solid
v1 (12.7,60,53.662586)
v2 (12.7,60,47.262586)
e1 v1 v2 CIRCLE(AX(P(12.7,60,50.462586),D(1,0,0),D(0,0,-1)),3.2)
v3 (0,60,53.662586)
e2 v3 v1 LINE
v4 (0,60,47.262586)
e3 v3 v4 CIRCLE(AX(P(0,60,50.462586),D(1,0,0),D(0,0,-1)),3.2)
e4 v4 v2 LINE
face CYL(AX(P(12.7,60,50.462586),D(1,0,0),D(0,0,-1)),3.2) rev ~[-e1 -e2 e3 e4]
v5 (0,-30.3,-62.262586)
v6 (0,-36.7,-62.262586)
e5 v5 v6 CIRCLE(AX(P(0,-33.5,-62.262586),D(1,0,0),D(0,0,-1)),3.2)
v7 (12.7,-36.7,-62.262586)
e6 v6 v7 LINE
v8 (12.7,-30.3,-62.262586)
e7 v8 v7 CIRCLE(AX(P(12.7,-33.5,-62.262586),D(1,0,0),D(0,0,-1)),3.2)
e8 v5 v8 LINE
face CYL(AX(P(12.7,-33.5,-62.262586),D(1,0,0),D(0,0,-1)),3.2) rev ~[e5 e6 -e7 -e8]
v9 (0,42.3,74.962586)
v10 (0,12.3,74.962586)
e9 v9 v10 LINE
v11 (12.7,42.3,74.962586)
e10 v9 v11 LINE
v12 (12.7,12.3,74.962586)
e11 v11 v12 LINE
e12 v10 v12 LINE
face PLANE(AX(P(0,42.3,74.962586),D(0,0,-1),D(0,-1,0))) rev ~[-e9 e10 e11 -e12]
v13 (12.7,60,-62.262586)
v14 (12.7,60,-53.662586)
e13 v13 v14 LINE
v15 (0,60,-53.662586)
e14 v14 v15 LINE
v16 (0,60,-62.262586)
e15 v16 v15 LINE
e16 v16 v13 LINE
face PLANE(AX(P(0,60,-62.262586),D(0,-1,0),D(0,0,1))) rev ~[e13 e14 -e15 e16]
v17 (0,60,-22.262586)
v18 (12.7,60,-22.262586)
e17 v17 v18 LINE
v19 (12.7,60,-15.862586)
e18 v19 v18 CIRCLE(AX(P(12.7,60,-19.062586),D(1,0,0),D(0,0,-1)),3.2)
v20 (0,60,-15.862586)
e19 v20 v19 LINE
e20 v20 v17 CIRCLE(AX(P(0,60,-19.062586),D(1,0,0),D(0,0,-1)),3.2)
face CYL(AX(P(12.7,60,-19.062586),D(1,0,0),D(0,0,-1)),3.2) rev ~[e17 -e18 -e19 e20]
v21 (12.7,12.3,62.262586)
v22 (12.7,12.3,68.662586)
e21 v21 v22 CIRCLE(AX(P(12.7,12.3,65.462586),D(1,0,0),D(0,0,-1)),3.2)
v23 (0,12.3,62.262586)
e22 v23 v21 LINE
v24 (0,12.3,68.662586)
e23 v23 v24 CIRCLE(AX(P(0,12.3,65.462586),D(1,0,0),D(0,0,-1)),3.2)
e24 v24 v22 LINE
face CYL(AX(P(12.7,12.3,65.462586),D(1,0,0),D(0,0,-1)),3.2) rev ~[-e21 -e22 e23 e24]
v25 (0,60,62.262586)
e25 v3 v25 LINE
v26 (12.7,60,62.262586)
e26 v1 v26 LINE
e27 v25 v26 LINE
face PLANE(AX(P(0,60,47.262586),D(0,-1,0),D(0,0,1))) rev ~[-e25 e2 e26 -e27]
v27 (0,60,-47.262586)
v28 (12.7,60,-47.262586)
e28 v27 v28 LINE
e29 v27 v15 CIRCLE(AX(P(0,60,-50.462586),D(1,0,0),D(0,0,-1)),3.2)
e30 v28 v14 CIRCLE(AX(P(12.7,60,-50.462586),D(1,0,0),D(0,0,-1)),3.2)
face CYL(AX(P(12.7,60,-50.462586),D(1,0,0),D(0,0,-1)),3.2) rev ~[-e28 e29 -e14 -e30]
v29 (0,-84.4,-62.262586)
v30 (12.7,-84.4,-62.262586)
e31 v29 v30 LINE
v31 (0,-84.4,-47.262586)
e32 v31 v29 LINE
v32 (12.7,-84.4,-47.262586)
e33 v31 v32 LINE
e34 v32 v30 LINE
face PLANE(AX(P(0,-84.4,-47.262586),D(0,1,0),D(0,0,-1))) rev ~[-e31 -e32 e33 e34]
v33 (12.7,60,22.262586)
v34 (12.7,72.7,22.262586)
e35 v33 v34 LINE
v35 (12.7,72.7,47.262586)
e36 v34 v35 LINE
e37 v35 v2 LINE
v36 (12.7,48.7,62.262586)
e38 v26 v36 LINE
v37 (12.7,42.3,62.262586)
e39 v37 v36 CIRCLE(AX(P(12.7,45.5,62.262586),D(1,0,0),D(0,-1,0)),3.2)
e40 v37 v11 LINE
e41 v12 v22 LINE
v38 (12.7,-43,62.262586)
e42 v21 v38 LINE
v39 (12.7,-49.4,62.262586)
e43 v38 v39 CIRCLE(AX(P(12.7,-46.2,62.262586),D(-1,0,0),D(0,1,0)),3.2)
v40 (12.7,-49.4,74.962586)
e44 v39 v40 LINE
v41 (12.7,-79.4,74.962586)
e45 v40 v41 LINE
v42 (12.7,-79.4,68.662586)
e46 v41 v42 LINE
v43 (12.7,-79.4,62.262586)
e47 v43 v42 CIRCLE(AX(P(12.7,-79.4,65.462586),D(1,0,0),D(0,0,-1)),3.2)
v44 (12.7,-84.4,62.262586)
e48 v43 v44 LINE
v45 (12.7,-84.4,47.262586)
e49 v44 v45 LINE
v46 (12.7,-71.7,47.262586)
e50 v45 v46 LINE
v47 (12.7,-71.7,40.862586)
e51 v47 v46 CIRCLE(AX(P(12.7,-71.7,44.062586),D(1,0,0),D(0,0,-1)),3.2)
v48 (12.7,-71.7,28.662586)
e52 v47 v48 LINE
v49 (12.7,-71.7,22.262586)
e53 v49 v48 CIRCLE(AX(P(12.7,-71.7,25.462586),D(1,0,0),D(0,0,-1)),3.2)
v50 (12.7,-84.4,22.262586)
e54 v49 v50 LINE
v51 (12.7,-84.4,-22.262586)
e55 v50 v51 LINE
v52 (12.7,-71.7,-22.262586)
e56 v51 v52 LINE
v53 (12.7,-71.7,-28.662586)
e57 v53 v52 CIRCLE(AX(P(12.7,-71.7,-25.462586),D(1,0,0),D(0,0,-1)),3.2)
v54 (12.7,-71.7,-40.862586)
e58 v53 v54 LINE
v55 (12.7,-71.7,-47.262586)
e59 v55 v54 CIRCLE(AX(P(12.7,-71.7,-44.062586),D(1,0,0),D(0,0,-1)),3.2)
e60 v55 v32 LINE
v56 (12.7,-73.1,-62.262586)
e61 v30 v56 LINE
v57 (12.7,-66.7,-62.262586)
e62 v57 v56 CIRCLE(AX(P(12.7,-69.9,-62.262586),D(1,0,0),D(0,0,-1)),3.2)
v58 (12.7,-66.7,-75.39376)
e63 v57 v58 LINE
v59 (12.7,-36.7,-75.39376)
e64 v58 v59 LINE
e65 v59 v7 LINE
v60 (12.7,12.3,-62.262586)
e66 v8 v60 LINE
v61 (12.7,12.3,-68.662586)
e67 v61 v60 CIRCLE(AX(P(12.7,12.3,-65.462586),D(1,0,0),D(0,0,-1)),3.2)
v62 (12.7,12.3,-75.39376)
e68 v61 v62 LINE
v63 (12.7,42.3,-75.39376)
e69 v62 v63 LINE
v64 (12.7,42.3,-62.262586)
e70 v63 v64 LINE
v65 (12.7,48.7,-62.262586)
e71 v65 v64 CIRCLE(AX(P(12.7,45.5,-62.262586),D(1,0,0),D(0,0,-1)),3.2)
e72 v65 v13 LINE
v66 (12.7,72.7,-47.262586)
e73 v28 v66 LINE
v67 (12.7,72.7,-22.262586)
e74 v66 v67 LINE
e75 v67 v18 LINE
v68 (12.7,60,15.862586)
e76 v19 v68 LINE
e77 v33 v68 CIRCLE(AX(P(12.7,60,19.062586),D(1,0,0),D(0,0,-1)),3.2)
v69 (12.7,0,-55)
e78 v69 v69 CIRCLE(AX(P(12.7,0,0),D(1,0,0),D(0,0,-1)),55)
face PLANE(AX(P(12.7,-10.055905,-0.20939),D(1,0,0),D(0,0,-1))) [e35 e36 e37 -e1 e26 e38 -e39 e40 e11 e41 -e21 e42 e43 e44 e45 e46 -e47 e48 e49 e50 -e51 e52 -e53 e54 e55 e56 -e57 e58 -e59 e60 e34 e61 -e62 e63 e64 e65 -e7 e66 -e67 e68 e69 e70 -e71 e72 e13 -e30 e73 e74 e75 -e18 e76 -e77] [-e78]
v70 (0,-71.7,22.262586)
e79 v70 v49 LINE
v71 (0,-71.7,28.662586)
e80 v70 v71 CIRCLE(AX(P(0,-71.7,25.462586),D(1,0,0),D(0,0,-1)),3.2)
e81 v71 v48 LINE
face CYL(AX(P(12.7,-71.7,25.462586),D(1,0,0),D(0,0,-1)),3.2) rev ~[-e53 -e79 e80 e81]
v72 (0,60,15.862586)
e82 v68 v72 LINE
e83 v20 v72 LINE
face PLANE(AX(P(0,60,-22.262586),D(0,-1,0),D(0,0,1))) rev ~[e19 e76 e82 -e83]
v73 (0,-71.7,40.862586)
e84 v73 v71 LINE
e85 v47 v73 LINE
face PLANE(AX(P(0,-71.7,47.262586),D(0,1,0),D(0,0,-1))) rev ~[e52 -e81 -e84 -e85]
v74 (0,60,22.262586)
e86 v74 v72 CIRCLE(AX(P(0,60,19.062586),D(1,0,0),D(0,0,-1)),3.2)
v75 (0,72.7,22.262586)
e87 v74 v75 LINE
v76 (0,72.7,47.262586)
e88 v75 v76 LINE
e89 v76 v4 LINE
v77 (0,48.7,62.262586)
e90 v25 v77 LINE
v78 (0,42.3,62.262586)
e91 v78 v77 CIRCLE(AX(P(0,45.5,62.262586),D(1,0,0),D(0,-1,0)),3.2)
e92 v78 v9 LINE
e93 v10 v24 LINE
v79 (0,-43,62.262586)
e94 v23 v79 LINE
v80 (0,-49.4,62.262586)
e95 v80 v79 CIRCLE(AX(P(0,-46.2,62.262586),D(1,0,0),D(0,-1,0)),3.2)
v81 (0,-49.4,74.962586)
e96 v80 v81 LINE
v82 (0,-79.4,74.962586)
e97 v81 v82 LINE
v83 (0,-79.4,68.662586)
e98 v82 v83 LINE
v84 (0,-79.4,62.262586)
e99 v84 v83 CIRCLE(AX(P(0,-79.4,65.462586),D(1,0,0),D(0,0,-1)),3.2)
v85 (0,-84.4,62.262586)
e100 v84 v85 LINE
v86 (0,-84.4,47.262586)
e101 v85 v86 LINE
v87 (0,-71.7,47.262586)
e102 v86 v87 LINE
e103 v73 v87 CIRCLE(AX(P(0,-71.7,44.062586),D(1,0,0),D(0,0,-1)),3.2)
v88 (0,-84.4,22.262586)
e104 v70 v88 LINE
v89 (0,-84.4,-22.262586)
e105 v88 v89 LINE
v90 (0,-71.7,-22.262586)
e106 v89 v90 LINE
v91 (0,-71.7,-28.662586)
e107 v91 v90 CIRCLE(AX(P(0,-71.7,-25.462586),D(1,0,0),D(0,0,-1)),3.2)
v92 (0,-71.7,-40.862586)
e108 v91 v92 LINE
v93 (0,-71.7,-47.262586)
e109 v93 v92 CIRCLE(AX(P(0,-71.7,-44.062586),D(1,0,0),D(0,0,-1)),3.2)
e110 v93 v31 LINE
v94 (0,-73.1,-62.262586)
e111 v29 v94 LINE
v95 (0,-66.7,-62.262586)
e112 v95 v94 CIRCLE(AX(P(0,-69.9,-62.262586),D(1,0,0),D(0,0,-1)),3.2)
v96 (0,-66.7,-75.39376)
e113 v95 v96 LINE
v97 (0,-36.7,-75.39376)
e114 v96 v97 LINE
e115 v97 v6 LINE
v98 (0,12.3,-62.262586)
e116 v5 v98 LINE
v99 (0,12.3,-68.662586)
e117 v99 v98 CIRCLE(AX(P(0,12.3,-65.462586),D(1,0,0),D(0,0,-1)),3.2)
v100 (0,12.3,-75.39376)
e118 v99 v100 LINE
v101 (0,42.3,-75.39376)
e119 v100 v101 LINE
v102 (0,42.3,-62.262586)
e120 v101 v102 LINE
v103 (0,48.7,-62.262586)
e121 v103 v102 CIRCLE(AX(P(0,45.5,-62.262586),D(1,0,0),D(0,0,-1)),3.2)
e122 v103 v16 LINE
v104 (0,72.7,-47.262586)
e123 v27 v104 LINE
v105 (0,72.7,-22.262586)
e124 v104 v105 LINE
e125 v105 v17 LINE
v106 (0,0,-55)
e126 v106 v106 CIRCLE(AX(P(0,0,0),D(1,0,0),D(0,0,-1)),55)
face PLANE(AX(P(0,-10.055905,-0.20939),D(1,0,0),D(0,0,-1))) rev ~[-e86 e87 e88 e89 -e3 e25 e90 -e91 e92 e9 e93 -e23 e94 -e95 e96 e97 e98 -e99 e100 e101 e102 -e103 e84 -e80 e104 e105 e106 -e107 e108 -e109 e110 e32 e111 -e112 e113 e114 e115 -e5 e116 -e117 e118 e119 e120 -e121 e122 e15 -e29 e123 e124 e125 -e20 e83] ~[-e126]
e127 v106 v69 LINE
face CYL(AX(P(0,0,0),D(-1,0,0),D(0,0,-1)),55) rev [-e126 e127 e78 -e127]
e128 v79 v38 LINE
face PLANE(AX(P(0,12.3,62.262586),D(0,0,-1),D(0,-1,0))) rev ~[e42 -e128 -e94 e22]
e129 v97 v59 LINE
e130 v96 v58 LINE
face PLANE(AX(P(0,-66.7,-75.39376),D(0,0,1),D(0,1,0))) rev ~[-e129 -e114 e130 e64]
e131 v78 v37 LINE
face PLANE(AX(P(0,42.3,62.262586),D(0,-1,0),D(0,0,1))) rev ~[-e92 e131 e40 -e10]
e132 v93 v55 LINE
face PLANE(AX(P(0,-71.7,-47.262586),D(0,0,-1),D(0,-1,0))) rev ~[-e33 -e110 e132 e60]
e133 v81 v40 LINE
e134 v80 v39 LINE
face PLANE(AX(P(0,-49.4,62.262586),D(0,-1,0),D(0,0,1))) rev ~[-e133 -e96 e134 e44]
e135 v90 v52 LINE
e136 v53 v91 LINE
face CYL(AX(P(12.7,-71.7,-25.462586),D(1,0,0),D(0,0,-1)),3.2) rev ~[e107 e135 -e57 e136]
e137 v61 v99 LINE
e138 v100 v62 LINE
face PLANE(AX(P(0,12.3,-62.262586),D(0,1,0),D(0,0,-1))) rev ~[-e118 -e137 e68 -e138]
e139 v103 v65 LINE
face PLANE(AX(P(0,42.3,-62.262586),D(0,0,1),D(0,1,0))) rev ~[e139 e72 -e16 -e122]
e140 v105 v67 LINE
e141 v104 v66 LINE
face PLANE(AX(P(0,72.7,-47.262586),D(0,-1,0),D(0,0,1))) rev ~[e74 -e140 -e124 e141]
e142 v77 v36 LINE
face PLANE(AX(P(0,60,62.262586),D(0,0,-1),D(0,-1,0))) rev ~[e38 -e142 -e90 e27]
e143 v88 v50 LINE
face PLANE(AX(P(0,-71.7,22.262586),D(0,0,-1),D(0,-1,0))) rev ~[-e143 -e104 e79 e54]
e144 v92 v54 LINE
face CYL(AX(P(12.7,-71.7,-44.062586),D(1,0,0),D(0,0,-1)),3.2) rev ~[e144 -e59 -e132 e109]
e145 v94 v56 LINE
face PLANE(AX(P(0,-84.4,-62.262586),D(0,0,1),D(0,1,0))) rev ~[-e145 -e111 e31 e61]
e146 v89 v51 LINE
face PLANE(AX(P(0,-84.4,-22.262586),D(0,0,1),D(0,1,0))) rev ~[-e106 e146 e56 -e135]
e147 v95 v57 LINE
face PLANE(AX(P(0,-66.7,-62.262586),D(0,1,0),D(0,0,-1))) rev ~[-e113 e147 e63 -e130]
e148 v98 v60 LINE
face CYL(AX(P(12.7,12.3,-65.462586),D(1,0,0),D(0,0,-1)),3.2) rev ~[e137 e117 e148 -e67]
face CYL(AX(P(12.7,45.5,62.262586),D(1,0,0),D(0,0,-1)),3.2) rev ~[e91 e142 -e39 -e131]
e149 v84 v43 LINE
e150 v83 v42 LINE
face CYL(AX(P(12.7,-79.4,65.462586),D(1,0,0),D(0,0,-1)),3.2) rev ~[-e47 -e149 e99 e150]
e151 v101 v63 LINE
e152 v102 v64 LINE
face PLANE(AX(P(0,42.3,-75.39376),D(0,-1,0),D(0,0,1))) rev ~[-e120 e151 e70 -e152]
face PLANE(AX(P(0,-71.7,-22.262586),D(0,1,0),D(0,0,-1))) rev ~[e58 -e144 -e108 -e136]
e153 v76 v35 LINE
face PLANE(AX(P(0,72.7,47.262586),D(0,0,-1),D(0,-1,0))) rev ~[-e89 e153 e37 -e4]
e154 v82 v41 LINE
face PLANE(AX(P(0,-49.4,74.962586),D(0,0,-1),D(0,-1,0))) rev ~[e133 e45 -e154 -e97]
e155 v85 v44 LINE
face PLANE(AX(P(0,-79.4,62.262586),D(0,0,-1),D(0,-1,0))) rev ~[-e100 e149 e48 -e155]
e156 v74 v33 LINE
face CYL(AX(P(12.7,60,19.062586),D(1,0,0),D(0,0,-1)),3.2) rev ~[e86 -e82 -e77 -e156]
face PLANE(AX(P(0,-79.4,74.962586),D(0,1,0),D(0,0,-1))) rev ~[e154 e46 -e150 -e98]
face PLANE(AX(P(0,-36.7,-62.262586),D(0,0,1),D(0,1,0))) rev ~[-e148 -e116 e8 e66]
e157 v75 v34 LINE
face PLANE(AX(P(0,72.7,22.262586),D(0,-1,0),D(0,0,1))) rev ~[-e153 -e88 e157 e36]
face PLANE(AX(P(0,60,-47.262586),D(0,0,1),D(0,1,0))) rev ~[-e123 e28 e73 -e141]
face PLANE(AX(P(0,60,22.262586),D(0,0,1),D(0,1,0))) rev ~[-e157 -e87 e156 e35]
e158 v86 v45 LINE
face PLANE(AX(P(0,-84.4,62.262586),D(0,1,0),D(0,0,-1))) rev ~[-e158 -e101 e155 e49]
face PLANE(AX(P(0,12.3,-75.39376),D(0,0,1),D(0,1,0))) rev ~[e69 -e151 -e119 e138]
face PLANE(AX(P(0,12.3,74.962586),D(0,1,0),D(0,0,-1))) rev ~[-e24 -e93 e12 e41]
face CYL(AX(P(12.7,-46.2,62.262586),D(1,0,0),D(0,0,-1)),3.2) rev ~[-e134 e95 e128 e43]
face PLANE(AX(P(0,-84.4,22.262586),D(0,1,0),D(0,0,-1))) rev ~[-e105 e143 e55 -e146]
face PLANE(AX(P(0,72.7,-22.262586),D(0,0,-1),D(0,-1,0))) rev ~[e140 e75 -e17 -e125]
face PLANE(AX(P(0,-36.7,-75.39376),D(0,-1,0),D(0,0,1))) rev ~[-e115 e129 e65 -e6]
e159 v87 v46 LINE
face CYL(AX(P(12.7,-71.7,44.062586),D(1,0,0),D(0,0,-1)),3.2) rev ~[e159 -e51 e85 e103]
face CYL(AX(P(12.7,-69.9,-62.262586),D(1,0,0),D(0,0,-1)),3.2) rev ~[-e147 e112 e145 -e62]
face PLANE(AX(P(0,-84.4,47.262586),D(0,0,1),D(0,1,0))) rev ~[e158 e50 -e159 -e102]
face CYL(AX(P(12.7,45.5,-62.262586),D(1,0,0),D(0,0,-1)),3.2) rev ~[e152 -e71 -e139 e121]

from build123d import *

# Parameters (mm, degrees)
SKETCH1_R           = 55
BOSS_EXTRUDE1_DEPTH = 12.7
SKETCH2_R           = 3.2
CUT_EXTRUDE1_DEPTH  = 114.880942125


with BuildPart() as part:
    # Sketch1 → Boss-Extrude1 (new body)
    with BuildSketch(Plane(origin=(0, 0, 0), x_dir=(0, 0, -1), z_dir=(1, 0, 0))):
        Polygon((-62.262586226, 60), (-62.262586226, 42.3), (-74.962586226, 42.3), (-74.962586226, 12.3), (-62.262586226, 12.3), (-62.262586226, -49.4), (-74.962586226, -49.4), (-74.962586226, -79.4), (-62.262586226, -79.4), (-62.262586226, -84.4), (-47.262586226, -84.4), (-47.262586226, -71.7), (-22.262586226, -71.7), (-22.262586226, -84.4), (22.262586226, -84.4), (22.262586226, -71.7), (47.262586226, -71.7), (47.262586226, -84.4), (62.262586226, -84.4), (62.262586226, -66.7), (75.393759552, -66.7), (75.393759552, -36.7), (62.262586226, -36.7), (62.262586226, 12.3), (75.393759552, 12.3), (75.393759552, 42.3), (62.262586226, 42.3), (62.262586226, 60), (47.262586226, 60), (47.262586226, 72.7), (22.262586226, 72.7), (22.262586226, 60), (0, 60), (-22.262586226, 60), (-22.262586226, 72.7), (-47.262586226, 72.7), (-47.262586226, 60), align=None)
        Circle(SKETCH1_R, mode=Mode.SUBTRACT)
    extrude(amount=BOSS_EXTRUDE1_DEPTH)

    # Sketch2 → Cut-Extrude1 (cut, through all)
    with BuildSketch(Plane(origin=(12.7, 0, 0), x_dir=(0, 0, -1), z_dir=(1, 0, 0))):
        with Locations((-62.262586226, 45.5)):
            Circle(SKETCH2_R)
        with Locations((-65.462586226, 12.3)):
            Circle(SKETCH2_R)
        with Locations((-62.262586226, -46.2)):
            Circle(SKETCH2_R)
        with Locations((-65.462586226, -79.4)):
            Circle(SKETCH2_R)
        with Locations((62.262586226, -69.9)):
            Circle(SKETCH2_R)
        with Locations((62.262586226, -33.5)):
            Circle(SKETCH2_R)
        with Locations((65.462586226, 12.3)):
            Circle(SKETCH2_R)
        with Locations((62.262586226, 45.5)):
            Circle(SKETCH2_R)
        with Locations((-50.462586226, 60)):
            Circle(SKETCH2_R)
        with Locations((-19.062586226, 60)):
            Circle(SKETCH2_R)
        with Locations((19.062586226, 60)):
            Circle(SKETCH2_R)
        with Locations((50.462586226, 60)):
            Circle(SKETCH2_R)
        with Locations((-44.062586226, -71.7)):
            Circle(SKETCH2_R)
        with Locations((-25.462586226, -71.7)):
            Circle(SKETCH2_R)
        with Locations((25.462586226, -71.7)):
            Circle(SKETCH2_R)
        with Locations((44.062586226, -71.7)):
            Circle(SKETCH2_R)
    extrude(amount=-CUT_EXTRUDE1_DEPTH, mode=Mode.SUBTRACT)


solid = part.part
